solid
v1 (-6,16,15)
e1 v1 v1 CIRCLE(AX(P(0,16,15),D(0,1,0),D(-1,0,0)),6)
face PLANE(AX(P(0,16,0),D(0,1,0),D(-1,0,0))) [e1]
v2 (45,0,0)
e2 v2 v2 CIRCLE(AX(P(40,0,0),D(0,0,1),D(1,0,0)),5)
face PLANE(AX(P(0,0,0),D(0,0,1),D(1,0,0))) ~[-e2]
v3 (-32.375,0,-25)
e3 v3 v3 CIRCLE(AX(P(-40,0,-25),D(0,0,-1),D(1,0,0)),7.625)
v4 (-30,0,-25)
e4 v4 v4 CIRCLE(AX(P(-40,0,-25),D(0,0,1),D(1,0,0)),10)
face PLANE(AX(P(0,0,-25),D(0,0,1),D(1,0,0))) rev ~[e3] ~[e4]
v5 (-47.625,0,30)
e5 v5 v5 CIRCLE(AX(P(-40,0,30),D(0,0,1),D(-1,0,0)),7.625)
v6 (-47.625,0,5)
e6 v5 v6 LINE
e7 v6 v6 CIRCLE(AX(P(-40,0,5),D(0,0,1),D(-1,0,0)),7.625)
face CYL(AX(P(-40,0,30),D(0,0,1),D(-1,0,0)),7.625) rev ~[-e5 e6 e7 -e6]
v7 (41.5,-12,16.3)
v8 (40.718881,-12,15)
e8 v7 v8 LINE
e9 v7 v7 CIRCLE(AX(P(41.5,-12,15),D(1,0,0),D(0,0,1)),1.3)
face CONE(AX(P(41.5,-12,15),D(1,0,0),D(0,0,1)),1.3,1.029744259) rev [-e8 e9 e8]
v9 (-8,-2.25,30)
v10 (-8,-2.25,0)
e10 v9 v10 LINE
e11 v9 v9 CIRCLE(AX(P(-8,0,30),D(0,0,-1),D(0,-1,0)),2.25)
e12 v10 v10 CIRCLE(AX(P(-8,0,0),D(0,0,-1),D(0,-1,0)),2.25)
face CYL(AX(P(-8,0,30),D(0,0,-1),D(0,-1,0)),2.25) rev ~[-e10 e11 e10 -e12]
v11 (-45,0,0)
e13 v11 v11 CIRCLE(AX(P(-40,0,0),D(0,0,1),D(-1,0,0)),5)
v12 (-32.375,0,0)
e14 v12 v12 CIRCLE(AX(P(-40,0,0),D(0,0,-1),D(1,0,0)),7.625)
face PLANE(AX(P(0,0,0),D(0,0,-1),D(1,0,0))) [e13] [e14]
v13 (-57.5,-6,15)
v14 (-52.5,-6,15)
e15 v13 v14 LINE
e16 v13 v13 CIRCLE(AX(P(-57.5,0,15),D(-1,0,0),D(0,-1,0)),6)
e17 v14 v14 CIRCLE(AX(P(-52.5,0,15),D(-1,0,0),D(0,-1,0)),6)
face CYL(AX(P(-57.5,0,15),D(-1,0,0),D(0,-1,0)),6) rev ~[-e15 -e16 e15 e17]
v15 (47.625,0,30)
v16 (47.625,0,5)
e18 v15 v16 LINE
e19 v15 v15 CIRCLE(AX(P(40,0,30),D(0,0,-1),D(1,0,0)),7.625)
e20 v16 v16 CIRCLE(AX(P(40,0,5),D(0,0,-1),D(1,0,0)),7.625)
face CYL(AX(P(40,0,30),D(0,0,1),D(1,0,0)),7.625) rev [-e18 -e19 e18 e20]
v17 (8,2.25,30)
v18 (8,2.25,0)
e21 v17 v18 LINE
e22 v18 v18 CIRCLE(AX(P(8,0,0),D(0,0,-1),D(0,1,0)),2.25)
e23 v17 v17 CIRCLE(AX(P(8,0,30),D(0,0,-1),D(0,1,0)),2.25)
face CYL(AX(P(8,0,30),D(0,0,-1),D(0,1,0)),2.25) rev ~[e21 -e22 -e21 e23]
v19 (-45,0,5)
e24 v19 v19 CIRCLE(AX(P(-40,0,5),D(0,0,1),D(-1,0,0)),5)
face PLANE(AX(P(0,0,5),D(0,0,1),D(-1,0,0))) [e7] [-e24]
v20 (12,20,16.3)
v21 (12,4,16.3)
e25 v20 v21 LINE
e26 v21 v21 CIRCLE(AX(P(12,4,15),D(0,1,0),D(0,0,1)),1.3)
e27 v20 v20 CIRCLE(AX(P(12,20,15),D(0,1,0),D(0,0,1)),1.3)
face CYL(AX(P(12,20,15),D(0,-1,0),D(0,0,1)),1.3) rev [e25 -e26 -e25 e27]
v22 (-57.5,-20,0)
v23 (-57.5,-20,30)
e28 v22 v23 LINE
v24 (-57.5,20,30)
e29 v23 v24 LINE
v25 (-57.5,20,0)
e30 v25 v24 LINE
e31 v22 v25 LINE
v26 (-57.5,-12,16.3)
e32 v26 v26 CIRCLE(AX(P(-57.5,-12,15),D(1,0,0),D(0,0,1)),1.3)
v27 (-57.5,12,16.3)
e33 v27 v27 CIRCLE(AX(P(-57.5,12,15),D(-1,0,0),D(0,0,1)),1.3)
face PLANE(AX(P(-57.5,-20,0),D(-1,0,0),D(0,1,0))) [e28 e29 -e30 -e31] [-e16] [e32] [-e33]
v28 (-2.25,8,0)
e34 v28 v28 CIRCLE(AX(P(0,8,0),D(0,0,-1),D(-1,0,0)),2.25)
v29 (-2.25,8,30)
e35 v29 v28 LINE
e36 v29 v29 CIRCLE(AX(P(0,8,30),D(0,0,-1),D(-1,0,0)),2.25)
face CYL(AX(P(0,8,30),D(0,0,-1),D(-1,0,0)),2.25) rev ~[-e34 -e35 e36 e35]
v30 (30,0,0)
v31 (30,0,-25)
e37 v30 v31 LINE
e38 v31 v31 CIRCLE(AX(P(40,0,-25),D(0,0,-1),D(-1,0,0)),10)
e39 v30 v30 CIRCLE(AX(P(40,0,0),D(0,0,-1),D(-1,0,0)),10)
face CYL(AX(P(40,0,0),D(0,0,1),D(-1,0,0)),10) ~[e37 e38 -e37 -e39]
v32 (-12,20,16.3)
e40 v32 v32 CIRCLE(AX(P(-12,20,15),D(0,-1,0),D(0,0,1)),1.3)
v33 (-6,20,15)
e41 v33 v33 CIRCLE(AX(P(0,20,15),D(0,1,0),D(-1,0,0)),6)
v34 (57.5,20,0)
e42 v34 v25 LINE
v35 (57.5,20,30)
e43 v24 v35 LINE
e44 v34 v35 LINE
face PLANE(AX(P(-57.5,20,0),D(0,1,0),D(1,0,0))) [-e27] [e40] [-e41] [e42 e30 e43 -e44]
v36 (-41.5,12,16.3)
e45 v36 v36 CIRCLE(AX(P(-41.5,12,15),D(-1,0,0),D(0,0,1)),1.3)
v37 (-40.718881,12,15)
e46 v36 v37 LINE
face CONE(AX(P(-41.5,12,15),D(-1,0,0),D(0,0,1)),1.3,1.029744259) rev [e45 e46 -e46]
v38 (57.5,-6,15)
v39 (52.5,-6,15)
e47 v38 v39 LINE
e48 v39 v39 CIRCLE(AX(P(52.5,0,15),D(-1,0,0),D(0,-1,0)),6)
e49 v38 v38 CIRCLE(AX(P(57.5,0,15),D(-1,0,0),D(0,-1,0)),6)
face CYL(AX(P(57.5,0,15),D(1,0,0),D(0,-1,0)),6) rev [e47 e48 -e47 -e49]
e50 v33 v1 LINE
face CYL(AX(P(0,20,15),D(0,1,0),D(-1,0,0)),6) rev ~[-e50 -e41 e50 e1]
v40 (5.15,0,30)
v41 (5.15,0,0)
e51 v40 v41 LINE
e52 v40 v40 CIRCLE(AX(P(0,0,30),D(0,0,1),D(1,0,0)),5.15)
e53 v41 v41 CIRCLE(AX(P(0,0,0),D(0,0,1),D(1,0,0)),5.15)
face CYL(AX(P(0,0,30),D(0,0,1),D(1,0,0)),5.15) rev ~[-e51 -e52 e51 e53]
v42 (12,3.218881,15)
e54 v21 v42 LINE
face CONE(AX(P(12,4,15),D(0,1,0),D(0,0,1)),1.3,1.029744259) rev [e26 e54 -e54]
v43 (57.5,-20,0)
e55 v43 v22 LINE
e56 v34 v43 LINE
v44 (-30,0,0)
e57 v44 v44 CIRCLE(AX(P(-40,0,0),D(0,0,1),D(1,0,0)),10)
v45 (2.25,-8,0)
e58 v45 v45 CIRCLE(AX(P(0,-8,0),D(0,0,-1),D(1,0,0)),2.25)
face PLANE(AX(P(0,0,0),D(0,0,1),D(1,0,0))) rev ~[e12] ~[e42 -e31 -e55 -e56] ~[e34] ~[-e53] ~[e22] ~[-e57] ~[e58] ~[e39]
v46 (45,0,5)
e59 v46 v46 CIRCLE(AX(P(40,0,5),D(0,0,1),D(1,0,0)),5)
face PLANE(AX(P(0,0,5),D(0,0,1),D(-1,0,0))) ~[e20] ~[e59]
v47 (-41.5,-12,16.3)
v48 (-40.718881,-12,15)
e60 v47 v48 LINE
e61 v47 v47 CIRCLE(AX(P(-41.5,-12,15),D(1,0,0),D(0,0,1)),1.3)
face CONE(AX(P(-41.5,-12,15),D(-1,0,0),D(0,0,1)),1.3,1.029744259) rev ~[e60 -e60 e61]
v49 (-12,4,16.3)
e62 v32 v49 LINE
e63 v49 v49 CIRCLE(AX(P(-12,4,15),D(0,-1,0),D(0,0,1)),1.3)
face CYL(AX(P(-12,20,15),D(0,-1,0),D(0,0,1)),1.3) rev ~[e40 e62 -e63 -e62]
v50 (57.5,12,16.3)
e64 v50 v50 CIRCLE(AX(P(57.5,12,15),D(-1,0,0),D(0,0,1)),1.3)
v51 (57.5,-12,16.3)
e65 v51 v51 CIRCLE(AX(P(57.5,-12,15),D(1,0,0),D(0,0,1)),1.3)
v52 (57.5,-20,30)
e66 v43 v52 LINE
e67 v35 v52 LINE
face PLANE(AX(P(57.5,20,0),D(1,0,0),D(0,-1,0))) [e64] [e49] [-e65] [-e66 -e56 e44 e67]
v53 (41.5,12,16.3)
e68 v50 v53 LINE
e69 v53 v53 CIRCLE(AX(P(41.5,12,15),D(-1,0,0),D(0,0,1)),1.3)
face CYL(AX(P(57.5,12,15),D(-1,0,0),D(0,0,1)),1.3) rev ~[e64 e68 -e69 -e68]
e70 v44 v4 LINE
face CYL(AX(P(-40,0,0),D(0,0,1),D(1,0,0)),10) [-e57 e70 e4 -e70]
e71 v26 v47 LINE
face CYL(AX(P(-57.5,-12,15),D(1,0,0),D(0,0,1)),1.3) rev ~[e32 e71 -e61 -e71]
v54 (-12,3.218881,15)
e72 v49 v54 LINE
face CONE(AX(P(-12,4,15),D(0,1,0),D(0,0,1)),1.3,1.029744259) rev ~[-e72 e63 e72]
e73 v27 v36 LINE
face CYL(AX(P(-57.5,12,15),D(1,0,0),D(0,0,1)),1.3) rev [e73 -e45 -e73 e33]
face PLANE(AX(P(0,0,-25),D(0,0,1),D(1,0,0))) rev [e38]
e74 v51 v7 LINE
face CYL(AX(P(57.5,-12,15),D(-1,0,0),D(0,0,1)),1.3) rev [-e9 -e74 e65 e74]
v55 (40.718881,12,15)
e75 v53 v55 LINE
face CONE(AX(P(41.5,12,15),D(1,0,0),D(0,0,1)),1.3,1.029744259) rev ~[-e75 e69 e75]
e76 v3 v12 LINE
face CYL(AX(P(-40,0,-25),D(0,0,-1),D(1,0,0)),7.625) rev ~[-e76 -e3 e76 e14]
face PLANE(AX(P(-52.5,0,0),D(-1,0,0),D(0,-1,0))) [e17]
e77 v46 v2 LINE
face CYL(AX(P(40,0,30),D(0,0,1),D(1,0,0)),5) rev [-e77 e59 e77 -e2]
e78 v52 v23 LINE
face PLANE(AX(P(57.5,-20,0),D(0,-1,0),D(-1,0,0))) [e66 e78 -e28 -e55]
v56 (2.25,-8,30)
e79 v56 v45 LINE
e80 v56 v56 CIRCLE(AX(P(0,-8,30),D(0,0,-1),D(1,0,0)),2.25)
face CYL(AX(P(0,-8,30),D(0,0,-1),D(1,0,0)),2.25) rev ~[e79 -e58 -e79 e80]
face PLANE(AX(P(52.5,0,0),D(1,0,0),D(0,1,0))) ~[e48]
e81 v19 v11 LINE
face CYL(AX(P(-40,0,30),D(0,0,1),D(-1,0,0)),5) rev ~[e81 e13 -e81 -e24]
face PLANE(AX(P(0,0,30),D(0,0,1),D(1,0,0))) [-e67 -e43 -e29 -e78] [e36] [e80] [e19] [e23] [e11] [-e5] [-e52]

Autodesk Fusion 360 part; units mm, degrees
sketch "Esquisse1" plane through (0, 0, 0) normal (0, 0, 1) x (1, 0, 0)
  line L0 (-57.5, 20) -> (57.5, 20)
  line L1 (57.5, 20) -> (57.5, -20)
  line L2 (57.5, -20) -> (-57.5, -20)
  line L3 (-57.5, -20) -> (-57.5, 20)
  line L4 (0, 1.75) -> (0, 22.5)
  line L5 (1.75, 0) -> (22.5, 0)
  dimension "d1" = 115
  dimension "d2" = 40
extrude "Extrusion1" add sketch "Esquisse1" along normal blind 30
sketch "Esquisse2" plane through (0, 0, 30) normal (0, 0, 1) x (-1, 0, 0)
  line L0 (57.5, 20) -> (-57.5, 20)
  line L1 (-57.5, 20) -> (-57.5, -20)
  line L2 (-57.5, -20) -> (57.5, -20)
  line L3 (57.5, -20) -> (57.5, 20)
  circle A0 centre (40, 0) radius 7.625
  line L4 (0, -1.75) -> (0, -22.5)
  line L5 (-1.75, 0) -> (-22.5, 0)
  dimension "d5" = 15.25
  dimension "d6" = 40
extrude "Extrusion2" cut sketch "Esquisse2" against normal blind 25 contours A0
mirror "Symétrie miroir1" about plane through (0, 0, 0) normal (1, 0, 0) of "Extrusion2"
sketch "Esquisse3" plane through (0, 0, 30) normal (0, 0, 1) x (-1, 0, 0)
  circle A0 centre (-40, 0) radius 7.625
  circle A1 centre (40, 0) radius 7.625
  line L0 (57.5, 20) -> (-57.5, 20)
  line L1 (-57.5, 20) -> (-57.5, -20)
  line L2 (-57.5, -20) -> (57.5, -20)
  line L3 (57.5, -20) -> (57.5, 20)
sketch "Esquisse4" plane through (0, 0, 30) normal (0, 0, 1) x (1, 0, 0)
  circle A0 centre (-40, 0) radius 12 construction
  line L0 (1.75, 0) -> (22.5, 0)
  point P0 (-52, 0)
  dimension "d11" = 24
  dimension "d12" = 40
sketch "Esquisse5" plane through (0, 0, 30) normal (0, 0, 1) x (1, 0, 0)
  circle A0 centre (0, 0) radius 5.15
  dimension "d20" = 10.3
extrude "Extrusion3" cut sketch "Esquisse5" against normal blind 75
sketch "Esquisse6" plane through (0, 0, 30) normal (0, 0, 1) x (1, 0, 0)
  point P0 (-8, 0)
  dimension "d23" = 8
hole "Perçage2" at (-8, 0, 30) direction (0, 0, -1) diameter 4.5 depth 50 tip angle 118
pattern_circular "Réseau C2" count 4 over 360 about axis through (0, 0, 30) along (0, 0, -1) of "Perçage2"
sketch "Esquisse7" plane through (0, 0, 30) normal (0, 0, 1) x (1, 0, 0)
sketch "Esquisse8" plane through (0, 0, 30) normal (0, 0, 1) x (-1, 0, 0)
  circle A0 centre (40, 0) radius 5
  dimension "d31" = 10
extrude "Extrusion4" cut sketch "Esquisse8" against normal blind 51
mirror "Symétrie miroir4" about plane through (0, 0, 0) normal (1, 0, 0) of "Extrusion4"
sketch "Esquisse9" plane through (0, 0, 0) normal (0, 0, 1) x (1, 0, 0)
  circle A0 centre (-40, 0) radius 10
  dimension "d36" = 20
extrude "Extrusion5" add sketch "Esquisse9" against normal blind 25
sketch "Esquisse10" plane through (0, 0, -25) normal (0, 0, -1) x (1, 0, 0)
  circle A0 centre (-40, 0) radius 10
sketch "Esquisse11" plane through (0, 0, -25) normal (0, 0, -1) x (1, 0, 0)
  circle A0 centre (-40, 0) radius 7.625
  dimension "d39" = 15.25
extrude "Extrusion6" cut sketch "Esquisse11" against normal blind 25
mirror "Symétrie miroir5" about plane through (0, 0, 0) normal (1, 0, 0) of "Extrusion6", "Extrusion5"
sketch "Esquisse12" plane through (0, 20, 0) normal (0, 1, 0) x (-1, 0, 0)
  line L0 (-57.5, 0) -> (57.5, 0)
  line L1 (57.5, 0) -> (57.5, 30)
  line L2 (57.5, 30) -> (-57.5, 30)
  line L3 (-57.5, 30) -> (-57.5, 0)
  circle A0 centre (0, 15) radius 6
  dimension "d44" = 12
extrude "Extrusion7" cut sketch "Esquisse12" against normal blind 4 contours A0
sketch "Esquisse13" plane through (0, 20, 0) normal (0, 1, 0) x (-1, 0, 0)
  circle A0 centre (0, 15) radius 6
  line L0 (-57.5, 0) -> (57.5, 0)
  line L1 (57.5, 0) -> (57.5, 30)
  line L2 (57.5, 30) -> (-57.5, 30)
  line L3 (-57.5, 30) -> (-57.5, 0)
sketch "Esquisse14" plane through (0, 20, 0) normal (0, 1, 0) x (-1, 0, 0)
  line L0 (57.5, 0) -> (-57.5, 0)
  point P0 (12, 15)
  point P1 (0, 15)
  dimension "d47" = 12
  dimension "d48" = 15
hole "Perçage3" at (-12, 20, 15) direction (0, -1, 0) diameter 2.6 depth 16 tip angle 118
mirror "Symétrie miroir6" about plane through (0, 0, 0) normal (1, 0, 0) of "Perçage3"
sketch "Esquisse15" plane through (-57.5, 0, 0) normal (-1, 0, 0) x (0, -1, 0)
  line L0 (-20, 0) -> (20, 0)
  line L1 (20, 0) -> (20, 30)
  line L2 (20, 30) -> (-20, 30)
  line L3 (-20, 30) -> (-20, 0)
  circle A0 centre (0, 15) radius 6
  line L4 (20, 0) -> (-20, 0)
  dimension "d54" = 12
  dimension "d55" = 15
  dimension "d56" = 20
extrude "Extrusion8" cut sketch "Esquisse15" against normal blind 5 contours A0
sketch "Esquisse16" plane through (-57.5, 0, 0) normal (-1, 0, 0) x (0, -1, 0)
  circle A0 centre (0, 15) radius 6
  line L0 (-20, 0) -> (20, 0)
  line L1 (20, 0) -> (20, 30)
  line L2 (20, 30) -> (-20, 30)
  line L3 (-20, 30) -> (-20, 0)
  line L4 (20, 0) -> (-20, 0)
  point P0 (12, 15)
  dimension "d59" = 12
  dimension "d60" = 15
hole "Perçage4" at (-57.5, -12, 15) direction (1, 0, 0) diameter 2.6 depth 16 tip angle 118
mirror "Symétrie miroir7" about plane through (0, 0, 0) normal (0, 1, 0) of "Perçage4"
mirror "Symétrie miroir8" about plane through (0, 0, 0) normal (1, 0, 0) of "Symétrie miroir7", "Perçage4", "Extrusion8"
equation "d23 = ( 19.5 / 2 ) * 1 mm - ( 3.5 / 2 ) * 1 mm"
